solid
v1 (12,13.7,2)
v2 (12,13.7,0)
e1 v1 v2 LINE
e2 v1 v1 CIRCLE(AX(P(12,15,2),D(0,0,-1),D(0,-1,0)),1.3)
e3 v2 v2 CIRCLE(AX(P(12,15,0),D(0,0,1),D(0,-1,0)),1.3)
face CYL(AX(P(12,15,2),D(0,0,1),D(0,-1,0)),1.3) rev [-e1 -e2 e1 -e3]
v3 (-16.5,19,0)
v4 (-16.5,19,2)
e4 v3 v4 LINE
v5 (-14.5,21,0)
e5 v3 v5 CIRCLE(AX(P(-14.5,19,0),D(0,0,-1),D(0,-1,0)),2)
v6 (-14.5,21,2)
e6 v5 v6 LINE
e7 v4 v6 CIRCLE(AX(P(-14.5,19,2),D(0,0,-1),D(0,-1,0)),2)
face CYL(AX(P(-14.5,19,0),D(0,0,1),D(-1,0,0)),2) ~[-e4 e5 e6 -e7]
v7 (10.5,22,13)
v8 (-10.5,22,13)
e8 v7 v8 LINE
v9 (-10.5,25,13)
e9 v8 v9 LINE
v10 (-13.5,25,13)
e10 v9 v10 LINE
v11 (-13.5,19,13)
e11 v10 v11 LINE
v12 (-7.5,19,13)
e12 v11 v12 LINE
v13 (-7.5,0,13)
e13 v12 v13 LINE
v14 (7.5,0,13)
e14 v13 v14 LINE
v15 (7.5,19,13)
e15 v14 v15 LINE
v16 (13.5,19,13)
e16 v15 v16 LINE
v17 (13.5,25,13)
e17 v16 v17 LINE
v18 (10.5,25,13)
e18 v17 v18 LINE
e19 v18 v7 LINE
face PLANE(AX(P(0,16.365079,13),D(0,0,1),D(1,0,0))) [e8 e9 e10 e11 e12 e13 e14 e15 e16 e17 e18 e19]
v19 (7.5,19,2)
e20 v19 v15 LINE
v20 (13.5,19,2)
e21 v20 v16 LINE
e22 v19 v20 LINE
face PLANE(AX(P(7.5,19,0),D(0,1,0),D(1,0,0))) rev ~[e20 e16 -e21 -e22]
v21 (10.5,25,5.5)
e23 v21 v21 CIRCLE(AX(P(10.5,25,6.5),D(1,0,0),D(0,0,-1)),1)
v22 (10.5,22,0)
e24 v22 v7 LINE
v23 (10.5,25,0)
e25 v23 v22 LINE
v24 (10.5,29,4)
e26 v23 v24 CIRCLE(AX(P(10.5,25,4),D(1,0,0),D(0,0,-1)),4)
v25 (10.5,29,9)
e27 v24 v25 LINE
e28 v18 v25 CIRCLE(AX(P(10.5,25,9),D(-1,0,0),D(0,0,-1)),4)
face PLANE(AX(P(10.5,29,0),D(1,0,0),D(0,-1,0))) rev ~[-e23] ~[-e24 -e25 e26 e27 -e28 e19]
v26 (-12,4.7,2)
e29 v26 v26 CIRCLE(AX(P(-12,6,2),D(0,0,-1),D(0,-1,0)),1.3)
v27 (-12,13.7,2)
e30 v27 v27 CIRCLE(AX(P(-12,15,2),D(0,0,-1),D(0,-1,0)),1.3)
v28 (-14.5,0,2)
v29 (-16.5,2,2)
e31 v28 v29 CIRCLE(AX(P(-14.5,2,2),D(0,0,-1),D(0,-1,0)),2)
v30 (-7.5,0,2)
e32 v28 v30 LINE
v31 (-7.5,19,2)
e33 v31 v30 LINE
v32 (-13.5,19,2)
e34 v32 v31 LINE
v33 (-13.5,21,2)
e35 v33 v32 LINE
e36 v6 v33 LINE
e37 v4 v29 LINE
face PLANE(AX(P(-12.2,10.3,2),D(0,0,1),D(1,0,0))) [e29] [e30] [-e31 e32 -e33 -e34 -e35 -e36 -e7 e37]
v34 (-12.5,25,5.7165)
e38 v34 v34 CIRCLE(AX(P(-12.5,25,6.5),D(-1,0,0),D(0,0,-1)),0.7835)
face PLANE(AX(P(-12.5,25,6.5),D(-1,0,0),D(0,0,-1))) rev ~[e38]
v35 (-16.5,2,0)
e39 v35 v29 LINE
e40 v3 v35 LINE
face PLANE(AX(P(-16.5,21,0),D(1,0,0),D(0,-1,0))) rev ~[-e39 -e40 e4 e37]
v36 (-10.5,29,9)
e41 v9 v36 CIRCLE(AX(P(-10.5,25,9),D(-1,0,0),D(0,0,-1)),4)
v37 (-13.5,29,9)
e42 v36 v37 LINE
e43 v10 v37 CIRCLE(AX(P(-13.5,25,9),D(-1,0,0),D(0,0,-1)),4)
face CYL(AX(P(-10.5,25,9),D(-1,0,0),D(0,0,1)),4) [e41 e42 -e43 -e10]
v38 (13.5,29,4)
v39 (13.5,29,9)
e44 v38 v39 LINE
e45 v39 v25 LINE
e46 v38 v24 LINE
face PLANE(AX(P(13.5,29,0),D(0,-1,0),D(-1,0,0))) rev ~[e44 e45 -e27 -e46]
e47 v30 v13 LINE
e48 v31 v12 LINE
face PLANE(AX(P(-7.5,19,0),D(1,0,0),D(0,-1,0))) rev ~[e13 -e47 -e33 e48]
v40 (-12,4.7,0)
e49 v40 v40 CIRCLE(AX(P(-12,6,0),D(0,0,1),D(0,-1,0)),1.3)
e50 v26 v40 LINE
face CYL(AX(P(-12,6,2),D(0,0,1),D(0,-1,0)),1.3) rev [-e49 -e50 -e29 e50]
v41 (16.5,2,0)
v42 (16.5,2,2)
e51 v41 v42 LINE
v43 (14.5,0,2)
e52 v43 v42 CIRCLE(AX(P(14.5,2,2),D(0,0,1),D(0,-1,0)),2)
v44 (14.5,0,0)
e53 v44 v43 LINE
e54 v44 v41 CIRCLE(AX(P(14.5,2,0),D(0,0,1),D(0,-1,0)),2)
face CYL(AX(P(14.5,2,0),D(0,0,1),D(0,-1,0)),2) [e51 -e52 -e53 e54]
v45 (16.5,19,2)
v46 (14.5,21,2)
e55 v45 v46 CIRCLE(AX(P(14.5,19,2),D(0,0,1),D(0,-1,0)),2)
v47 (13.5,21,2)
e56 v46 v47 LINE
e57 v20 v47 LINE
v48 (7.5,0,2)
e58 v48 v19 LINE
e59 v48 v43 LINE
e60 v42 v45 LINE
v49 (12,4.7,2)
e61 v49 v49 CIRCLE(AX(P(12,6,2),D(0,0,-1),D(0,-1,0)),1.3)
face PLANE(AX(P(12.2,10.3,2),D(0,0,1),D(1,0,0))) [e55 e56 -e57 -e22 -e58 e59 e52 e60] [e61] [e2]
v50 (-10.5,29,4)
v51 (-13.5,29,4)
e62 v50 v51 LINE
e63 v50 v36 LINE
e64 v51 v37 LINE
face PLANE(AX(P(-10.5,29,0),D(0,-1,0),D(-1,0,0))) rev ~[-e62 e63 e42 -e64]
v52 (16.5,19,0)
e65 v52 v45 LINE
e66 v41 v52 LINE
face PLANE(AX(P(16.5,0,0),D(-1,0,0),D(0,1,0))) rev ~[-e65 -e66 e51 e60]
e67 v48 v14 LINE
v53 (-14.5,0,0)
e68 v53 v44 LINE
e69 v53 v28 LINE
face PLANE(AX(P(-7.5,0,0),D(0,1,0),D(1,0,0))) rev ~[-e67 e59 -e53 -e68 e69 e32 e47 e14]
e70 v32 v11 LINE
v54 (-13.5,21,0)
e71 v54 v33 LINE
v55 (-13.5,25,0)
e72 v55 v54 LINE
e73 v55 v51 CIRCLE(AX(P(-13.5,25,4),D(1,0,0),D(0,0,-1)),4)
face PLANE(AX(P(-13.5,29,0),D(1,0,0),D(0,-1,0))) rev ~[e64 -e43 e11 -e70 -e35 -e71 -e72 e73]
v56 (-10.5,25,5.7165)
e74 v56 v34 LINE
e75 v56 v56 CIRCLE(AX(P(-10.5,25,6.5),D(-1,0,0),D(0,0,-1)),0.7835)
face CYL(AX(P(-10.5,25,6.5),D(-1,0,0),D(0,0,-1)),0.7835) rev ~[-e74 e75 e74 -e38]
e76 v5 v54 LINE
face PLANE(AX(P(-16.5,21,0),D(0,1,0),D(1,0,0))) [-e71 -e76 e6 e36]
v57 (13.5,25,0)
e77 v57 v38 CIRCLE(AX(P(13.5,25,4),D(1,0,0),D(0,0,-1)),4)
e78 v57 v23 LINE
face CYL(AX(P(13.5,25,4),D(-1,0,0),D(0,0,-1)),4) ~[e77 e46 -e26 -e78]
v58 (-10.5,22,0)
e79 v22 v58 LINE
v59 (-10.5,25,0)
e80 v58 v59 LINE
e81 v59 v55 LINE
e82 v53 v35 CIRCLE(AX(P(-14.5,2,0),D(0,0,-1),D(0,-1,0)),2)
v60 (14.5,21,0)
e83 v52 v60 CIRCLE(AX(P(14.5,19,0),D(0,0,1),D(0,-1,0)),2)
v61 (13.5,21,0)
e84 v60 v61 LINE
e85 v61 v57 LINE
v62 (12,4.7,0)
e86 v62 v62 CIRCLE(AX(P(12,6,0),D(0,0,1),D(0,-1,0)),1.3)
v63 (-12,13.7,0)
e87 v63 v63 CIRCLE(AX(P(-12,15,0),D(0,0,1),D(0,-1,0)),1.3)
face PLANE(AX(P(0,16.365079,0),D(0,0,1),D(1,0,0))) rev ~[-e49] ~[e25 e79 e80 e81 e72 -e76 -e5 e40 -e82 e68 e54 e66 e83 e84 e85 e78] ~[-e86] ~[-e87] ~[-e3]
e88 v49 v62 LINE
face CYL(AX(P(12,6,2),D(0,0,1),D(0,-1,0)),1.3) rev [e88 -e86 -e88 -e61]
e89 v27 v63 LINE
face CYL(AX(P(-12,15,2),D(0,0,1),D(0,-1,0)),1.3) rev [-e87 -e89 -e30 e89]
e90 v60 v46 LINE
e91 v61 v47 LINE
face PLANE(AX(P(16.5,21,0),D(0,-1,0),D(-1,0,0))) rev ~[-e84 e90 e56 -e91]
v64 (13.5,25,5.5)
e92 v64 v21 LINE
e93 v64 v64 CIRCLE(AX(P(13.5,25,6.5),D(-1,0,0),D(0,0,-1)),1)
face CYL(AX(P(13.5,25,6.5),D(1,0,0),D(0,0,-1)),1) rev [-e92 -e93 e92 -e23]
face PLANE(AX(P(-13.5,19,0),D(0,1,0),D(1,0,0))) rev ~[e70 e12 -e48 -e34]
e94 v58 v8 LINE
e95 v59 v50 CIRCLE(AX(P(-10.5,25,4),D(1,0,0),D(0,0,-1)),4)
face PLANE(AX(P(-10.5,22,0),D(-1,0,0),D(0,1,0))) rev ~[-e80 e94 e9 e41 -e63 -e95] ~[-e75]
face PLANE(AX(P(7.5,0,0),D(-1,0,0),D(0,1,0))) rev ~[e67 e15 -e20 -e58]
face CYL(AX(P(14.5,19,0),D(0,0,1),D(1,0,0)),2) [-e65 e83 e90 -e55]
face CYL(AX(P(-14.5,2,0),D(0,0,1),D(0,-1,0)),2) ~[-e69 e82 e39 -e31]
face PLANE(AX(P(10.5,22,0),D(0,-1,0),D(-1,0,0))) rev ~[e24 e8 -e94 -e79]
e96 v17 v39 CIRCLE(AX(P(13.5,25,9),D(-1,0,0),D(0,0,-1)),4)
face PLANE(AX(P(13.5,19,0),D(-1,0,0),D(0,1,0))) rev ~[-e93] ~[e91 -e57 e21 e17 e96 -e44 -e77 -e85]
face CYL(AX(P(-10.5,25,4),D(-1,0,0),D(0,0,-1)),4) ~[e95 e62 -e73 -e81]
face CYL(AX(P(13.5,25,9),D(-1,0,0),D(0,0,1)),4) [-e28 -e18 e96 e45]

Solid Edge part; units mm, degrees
sketch "Sketch1" plane through (0, 0, 0) normal (0, 0, 1) x (1, 0, 0)
  line L0 (-7.5, 0) -> (7.5, 0)
  line L1 (7.5, 0) -> (7.5, 19)
  line L2 (7.5, 19) -> (13.5, 19)
  line L3 (13.5, 19) -> (13.5, 29)
  line L4 (13.5, 29) -> (10.5, 29)
  line L5 (10.5, 29) -> (10.5, 22)
  line L6 (10.5, 22) -> (-10.5, 22)
  line L7 (-10.5, 22) -> (-10.5, 29)
  line L8 (-10.5, 29) -> (-13.5, 29)
  line L9 (-13.5, 29) -> (-13.5, 19)
  line L10 (-13.5, 19) -> (-7.5, 19)
  line L11 (-7.5, 19) -> (-7.5, 0)
  dimension "D1" = 15
  dimension "D2" = 19
  dimension "D3" = 6
  dimension "D4" = 3
  dimension "D5" = 10
  dimension "D6" = 3
extrude "Protrusion1" add sketch "Sketch1" along normal blind 13
sketch "Sketch2" plane through (0, 0, 0) normal (0, 0, 1) x (1, 0, 0)
  line L0 (-16.5, 21) -> (-16.5, 0)
  line L1 (-16.5, 0) -> (-7.5, 0)
  line L2 (-7.5, 19) -> (-7.5, 0)
  line L3 (-13.5, 19) -> (-7.5, 19)
  line L4 (-13.5, 21) -> (-13.5, 19)
  line L5 (-16.5, 21) -> (-13.5, 21)
  line L6 (7.5, 0) -> (16.5, 0)
  line L7 (16.5, 0) -> (16.5, 21)
  line L8 (16.5, 21) -> (13.5, 21)
  line L9 (13.5, 19) -> (13.5, 21)
  line L10 (7.5, 19) -> (13.5, 19)
  line L11 (7.5, 0) -> (7.5, 19)
  dimension "D1" = 9
  dimension "D2" = 2
extrude "Attachment" add sketch "Sketch2" along normal blind 2
hole "Hole_1" at (13.5, 25, 6.5) direction (-1, 0, 0) diameter 2 end up to next
hole "Hole_2" at (-10.5, 25, 6.5) direction (-1, 0, 0) diameter 1.567 depth 2 thread major 2 thread length 2
hole "Hole___Attachment" at (12, 15, 2) direction (0, 0, -1) diameter 2.6 end up to next
pattern_linear "Pattern1" count 2 spacing 24 along (-1, 0, 0) count 2 spacing 9 along (0, -1, 0) of "Hole___Attachment"
fillet "Round___Attachment" radius 2 4 edges at (16.5, 21, 1) (16.5, 0, 1) (-16.5, 0, 1) (-16.5, 21, 1)
fillet "Round_2" radius 4 4 edges at (-12, 29, 13) (12, 29, 13) (-12, 29, 0) (12, 29, 0)
properties material "ABS Plastic, high impact"
